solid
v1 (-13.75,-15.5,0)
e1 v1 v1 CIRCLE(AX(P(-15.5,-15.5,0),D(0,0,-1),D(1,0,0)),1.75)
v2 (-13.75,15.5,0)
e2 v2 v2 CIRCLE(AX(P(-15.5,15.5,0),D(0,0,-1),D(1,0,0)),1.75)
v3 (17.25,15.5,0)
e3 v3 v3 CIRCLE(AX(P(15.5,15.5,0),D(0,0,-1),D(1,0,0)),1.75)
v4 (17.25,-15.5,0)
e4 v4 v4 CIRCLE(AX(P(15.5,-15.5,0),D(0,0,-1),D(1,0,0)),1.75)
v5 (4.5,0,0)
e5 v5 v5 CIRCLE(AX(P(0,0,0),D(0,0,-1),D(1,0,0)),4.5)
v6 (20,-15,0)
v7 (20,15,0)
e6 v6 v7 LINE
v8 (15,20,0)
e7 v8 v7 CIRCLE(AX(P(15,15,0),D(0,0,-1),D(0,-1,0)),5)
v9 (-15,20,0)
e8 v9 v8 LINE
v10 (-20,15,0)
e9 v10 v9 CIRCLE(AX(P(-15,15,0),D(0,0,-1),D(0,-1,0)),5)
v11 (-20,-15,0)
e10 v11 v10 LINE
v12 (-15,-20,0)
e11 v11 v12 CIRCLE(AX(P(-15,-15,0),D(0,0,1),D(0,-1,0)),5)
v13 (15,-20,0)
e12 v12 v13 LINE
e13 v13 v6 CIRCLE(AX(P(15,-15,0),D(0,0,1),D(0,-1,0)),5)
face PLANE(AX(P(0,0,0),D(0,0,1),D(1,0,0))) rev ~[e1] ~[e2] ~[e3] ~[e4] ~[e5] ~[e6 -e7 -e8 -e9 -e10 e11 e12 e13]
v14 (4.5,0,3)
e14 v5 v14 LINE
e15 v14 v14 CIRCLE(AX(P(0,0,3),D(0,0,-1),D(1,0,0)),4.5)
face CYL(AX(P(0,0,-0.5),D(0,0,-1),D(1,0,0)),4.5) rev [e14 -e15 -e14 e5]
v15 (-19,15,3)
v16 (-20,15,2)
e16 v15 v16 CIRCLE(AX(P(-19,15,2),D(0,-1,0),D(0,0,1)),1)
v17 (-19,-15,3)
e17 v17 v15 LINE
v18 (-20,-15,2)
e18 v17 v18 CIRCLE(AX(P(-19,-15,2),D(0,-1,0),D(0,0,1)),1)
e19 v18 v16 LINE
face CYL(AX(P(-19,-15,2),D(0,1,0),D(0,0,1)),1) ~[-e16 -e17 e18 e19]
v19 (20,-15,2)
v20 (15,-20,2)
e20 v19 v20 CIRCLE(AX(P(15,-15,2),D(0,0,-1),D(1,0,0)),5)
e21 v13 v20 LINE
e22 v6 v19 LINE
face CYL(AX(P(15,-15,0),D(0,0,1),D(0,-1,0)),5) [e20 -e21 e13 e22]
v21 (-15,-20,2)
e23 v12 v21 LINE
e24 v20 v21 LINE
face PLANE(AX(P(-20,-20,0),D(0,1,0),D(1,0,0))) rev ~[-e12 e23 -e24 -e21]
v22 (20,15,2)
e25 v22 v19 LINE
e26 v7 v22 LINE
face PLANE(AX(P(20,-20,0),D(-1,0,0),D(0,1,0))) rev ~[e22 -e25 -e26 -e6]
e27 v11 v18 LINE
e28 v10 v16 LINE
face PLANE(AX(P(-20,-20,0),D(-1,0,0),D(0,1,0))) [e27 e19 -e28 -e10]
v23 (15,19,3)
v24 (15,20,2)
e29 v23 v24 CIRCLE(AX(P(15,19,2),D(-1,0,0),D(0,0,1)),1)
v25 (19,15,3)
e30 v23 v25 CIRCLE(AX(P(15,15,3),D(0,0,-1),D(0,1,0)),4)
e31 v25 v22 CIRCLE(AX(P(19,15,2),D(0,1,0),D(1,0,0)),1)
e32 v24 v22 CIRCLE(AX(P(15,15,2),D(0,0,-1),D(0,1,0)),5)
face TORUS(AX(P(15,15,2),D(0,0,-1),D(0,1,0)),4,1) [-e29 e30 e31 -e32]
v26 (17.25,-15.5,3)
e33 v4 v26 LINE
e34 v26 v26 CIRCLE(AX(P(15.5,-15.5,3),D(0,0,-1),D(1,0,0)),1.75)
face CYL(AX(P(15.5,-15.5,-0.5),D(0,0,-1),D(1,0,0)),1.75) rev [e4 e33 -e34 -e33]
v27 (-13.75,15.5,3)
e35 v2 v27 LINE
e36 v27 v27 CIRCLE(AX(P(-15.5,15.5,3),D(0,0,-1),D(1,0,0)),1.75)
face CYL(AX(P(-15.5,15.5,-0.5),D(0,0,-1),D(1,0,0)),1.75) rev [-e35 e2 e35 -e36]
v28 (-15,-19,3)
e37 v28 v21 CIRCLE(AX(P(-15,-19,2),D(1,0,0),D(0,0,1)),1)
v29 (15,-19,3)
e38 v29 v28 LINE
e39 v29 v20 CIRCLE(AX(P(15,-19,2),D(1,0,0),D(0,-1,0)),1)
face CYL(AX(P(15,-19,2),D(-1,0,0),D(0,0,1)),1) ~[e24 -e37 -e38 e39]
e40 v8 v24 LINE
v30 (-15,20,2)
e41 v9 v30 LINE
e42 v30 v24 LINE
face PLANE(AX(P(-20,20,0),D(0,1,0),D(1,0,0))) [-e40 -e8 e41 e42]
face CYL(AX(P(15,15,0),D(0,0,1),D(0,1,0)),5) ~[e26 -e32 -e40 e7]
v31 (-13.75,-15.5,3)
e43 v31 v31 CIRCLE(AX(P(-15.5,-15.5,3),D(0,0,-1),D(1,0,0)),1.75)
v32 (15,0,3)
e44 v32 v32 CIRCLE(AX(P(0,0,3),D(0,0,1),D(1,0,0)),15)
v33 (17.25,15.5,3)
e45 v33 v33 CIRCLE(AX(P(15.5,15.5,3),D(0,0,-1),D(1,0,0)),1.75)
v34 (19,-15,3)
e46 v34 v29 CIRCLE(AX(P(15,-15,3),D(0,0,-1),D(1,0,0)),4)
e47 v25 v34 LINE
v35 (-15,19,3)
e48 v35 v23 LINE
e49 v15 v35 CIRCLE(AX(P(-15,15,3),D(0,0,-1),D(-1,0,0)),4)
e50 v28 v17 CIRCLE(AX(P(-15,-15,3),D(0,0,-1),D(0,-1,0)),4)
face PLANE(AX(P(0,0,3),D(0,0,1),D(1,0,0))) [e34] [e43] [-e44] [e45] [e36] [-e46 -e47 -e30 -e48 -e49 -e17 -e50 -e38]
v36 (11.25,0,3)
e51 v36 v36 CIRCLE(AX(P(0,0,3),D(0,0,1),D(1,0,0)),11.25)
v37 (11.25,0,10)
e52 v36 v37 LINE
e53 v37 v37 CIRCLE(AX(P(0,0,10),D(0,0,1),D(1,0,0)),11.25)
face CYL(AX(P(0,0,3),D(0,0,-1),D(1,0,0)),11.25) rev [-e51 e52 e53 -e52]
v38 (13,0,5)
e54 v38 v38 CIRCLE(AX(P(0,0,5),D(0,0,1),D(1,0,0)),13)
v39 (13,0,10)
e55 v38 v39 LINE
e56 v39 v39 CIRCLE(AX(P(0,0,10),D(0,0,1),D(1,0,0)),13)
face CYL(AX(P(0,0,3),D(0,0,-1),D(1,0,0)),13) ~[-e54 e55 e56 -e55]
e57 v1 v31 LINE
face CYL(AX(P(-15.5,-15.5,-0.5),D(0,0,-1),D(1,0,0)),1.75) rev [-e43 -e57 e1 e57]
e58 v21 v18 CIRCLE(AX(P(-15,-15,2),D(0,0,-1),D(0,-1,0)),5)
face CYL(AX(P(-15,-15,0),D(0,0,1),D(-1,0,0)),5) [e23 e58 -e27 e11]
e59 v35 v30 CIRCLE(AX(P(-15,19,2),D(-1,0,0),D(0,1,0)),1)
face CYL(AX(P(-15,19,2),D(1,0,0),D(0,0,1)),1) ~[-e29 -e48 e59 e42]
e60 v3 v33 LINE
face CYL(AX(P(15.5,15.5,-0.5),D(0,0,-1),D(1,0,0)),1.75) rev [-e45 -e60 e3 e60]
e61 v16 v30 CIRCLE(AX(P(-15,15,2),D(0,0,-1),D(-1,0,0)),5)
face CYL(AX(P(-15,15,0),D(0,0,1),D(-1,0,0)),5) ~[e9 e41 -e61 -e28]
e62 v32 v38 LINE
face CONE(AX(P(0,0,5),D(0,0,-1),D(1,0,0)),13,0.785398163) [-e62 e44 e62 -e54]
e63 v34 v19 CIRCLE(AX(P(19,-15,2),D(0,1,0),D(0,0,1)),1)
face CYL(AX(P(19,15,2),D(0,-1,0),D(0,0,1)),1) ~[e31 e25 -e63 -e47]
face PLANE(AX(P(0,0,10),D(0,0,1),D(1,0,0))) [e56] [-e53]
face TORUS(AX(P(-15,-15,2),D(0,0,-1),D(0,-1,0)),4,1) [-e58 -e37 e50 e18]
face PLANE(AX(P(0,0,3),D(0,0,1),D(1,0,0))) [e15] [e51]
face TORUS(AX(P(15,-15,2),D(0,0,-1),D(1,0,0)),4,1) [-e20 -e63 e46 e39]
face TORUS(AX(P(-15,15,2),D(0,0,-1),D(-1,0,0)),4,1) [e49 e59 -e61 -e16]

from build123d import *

# Parameters (mm, degrees)
CYLINDER001_R     = 11.25
CYLINDER001_DEPTH = 7
CYLINDER_R        = 13
CYLINDER_DEPTH    = 7
SKETCH_R          = 1.75
SKETCH_R_2        = 4.5
PAD_DEPTH         = 4
BOX_W             = 40
BOX_H             = 40
BOX_DEPTH         = 3
CHAMFER_SIZE      = 2
FILLET_R          = 5
FILLET001_R       = 1


with BuildPart() as espai_608_int:
    # Cylinder001 → Cylinder001 (new body)
    with BuildSketch(Plane.XY):
        Circle(CYLINDER001_R)
    extrude(amount=CYLINDER001_DEPTH)


with BuildPart() as cut001:
    # Cylinder → Cylinder (new body)
    with BuildSketch(Plane.XY):
        Circle(CYLINDER_R)
    extrude(amount=CYLINDER_DEPTH)

    # Cut001: cut espai-608-int
    add(espai_608_int.part, mode=Mode.SUBTRACT)


with BuildPart() as cut001_1:
    # Cut001 placement: moved
    add(cut001.part.moved(Location((0, 0, 3))))


with BuildPart() as pad:
    # Sketch → Pad (new body)
    with BuildSketch(Plane.XY.offset(-0.5)):
        with Locations((-15.5, 15.5)):
            Circle(SKETCH_R)
        with Locations((15.5, 15.5)):
            Circle(SKETCH_R)
        with Locations((-15.5, -15.5)):
            Circle(SKETCH_R)
        with Locations((15.5, -15.5)):
            Circle(SKETCH_R)
        Circle(SKETCH_R_2)
    extrude(amount=PAD_DEPTH)


with BuildPart() as x_end_idler_cnc:
    # Box → Box (new body)
    with BuildSketch(Plane(origin=(-20, -20, 0), x_dir=(1, 0, 0), z_dir=(0, 0, 1))):
        with Locations((20, 20)):
            Rectangle(BOX_W, BOX_H)
    extrude(amount=BOX_DEPTH)

    # Cut: cut Pad
    add(pad.part, mode=Mode.SUBTRACT)

    # Fusion: union Cut001
    add(cut001_1.part)

    # Chamfer
    chamfer_edges = [x_end_idler_cnc.edges().sort_by_distance(p)[0] for p in [
        (-13, 0, 3),
    ]]
    chamfer(chamfer_edges, length=CHAMFER_SIZE)

    # Fillet
    fillet_edges = [x_end_idler_cnc.edges().sort_by_distance(p)[0] for p in [
        (-20, -20, 1.5),
        (-20, 20, 1.5),
        (20, 20, 1.5),
        (20, -20, 1.5),
    ]]
    fillet(fillet_edges, radius=FILLET_R)

    # Fillet001
    fillet001_edges = [x_end_idler_cnc.edges().sort_by_distance(p)[0] for p in [
        (-20, 0, 3),
        (-18.535534, -18.535534, 3),
        (-18.535534, 18.535534, 3),
        (0, -20, 3),
        (0, 20, 3),
        (18.535534, -18.535534, 3),
        (18.535534, 18.535534, 3),
        (20, 0, 3),
    ]]
    fillet(fillet001_edges, radius=FILLET001_R)


solid = x_end_idler_cnc.part
